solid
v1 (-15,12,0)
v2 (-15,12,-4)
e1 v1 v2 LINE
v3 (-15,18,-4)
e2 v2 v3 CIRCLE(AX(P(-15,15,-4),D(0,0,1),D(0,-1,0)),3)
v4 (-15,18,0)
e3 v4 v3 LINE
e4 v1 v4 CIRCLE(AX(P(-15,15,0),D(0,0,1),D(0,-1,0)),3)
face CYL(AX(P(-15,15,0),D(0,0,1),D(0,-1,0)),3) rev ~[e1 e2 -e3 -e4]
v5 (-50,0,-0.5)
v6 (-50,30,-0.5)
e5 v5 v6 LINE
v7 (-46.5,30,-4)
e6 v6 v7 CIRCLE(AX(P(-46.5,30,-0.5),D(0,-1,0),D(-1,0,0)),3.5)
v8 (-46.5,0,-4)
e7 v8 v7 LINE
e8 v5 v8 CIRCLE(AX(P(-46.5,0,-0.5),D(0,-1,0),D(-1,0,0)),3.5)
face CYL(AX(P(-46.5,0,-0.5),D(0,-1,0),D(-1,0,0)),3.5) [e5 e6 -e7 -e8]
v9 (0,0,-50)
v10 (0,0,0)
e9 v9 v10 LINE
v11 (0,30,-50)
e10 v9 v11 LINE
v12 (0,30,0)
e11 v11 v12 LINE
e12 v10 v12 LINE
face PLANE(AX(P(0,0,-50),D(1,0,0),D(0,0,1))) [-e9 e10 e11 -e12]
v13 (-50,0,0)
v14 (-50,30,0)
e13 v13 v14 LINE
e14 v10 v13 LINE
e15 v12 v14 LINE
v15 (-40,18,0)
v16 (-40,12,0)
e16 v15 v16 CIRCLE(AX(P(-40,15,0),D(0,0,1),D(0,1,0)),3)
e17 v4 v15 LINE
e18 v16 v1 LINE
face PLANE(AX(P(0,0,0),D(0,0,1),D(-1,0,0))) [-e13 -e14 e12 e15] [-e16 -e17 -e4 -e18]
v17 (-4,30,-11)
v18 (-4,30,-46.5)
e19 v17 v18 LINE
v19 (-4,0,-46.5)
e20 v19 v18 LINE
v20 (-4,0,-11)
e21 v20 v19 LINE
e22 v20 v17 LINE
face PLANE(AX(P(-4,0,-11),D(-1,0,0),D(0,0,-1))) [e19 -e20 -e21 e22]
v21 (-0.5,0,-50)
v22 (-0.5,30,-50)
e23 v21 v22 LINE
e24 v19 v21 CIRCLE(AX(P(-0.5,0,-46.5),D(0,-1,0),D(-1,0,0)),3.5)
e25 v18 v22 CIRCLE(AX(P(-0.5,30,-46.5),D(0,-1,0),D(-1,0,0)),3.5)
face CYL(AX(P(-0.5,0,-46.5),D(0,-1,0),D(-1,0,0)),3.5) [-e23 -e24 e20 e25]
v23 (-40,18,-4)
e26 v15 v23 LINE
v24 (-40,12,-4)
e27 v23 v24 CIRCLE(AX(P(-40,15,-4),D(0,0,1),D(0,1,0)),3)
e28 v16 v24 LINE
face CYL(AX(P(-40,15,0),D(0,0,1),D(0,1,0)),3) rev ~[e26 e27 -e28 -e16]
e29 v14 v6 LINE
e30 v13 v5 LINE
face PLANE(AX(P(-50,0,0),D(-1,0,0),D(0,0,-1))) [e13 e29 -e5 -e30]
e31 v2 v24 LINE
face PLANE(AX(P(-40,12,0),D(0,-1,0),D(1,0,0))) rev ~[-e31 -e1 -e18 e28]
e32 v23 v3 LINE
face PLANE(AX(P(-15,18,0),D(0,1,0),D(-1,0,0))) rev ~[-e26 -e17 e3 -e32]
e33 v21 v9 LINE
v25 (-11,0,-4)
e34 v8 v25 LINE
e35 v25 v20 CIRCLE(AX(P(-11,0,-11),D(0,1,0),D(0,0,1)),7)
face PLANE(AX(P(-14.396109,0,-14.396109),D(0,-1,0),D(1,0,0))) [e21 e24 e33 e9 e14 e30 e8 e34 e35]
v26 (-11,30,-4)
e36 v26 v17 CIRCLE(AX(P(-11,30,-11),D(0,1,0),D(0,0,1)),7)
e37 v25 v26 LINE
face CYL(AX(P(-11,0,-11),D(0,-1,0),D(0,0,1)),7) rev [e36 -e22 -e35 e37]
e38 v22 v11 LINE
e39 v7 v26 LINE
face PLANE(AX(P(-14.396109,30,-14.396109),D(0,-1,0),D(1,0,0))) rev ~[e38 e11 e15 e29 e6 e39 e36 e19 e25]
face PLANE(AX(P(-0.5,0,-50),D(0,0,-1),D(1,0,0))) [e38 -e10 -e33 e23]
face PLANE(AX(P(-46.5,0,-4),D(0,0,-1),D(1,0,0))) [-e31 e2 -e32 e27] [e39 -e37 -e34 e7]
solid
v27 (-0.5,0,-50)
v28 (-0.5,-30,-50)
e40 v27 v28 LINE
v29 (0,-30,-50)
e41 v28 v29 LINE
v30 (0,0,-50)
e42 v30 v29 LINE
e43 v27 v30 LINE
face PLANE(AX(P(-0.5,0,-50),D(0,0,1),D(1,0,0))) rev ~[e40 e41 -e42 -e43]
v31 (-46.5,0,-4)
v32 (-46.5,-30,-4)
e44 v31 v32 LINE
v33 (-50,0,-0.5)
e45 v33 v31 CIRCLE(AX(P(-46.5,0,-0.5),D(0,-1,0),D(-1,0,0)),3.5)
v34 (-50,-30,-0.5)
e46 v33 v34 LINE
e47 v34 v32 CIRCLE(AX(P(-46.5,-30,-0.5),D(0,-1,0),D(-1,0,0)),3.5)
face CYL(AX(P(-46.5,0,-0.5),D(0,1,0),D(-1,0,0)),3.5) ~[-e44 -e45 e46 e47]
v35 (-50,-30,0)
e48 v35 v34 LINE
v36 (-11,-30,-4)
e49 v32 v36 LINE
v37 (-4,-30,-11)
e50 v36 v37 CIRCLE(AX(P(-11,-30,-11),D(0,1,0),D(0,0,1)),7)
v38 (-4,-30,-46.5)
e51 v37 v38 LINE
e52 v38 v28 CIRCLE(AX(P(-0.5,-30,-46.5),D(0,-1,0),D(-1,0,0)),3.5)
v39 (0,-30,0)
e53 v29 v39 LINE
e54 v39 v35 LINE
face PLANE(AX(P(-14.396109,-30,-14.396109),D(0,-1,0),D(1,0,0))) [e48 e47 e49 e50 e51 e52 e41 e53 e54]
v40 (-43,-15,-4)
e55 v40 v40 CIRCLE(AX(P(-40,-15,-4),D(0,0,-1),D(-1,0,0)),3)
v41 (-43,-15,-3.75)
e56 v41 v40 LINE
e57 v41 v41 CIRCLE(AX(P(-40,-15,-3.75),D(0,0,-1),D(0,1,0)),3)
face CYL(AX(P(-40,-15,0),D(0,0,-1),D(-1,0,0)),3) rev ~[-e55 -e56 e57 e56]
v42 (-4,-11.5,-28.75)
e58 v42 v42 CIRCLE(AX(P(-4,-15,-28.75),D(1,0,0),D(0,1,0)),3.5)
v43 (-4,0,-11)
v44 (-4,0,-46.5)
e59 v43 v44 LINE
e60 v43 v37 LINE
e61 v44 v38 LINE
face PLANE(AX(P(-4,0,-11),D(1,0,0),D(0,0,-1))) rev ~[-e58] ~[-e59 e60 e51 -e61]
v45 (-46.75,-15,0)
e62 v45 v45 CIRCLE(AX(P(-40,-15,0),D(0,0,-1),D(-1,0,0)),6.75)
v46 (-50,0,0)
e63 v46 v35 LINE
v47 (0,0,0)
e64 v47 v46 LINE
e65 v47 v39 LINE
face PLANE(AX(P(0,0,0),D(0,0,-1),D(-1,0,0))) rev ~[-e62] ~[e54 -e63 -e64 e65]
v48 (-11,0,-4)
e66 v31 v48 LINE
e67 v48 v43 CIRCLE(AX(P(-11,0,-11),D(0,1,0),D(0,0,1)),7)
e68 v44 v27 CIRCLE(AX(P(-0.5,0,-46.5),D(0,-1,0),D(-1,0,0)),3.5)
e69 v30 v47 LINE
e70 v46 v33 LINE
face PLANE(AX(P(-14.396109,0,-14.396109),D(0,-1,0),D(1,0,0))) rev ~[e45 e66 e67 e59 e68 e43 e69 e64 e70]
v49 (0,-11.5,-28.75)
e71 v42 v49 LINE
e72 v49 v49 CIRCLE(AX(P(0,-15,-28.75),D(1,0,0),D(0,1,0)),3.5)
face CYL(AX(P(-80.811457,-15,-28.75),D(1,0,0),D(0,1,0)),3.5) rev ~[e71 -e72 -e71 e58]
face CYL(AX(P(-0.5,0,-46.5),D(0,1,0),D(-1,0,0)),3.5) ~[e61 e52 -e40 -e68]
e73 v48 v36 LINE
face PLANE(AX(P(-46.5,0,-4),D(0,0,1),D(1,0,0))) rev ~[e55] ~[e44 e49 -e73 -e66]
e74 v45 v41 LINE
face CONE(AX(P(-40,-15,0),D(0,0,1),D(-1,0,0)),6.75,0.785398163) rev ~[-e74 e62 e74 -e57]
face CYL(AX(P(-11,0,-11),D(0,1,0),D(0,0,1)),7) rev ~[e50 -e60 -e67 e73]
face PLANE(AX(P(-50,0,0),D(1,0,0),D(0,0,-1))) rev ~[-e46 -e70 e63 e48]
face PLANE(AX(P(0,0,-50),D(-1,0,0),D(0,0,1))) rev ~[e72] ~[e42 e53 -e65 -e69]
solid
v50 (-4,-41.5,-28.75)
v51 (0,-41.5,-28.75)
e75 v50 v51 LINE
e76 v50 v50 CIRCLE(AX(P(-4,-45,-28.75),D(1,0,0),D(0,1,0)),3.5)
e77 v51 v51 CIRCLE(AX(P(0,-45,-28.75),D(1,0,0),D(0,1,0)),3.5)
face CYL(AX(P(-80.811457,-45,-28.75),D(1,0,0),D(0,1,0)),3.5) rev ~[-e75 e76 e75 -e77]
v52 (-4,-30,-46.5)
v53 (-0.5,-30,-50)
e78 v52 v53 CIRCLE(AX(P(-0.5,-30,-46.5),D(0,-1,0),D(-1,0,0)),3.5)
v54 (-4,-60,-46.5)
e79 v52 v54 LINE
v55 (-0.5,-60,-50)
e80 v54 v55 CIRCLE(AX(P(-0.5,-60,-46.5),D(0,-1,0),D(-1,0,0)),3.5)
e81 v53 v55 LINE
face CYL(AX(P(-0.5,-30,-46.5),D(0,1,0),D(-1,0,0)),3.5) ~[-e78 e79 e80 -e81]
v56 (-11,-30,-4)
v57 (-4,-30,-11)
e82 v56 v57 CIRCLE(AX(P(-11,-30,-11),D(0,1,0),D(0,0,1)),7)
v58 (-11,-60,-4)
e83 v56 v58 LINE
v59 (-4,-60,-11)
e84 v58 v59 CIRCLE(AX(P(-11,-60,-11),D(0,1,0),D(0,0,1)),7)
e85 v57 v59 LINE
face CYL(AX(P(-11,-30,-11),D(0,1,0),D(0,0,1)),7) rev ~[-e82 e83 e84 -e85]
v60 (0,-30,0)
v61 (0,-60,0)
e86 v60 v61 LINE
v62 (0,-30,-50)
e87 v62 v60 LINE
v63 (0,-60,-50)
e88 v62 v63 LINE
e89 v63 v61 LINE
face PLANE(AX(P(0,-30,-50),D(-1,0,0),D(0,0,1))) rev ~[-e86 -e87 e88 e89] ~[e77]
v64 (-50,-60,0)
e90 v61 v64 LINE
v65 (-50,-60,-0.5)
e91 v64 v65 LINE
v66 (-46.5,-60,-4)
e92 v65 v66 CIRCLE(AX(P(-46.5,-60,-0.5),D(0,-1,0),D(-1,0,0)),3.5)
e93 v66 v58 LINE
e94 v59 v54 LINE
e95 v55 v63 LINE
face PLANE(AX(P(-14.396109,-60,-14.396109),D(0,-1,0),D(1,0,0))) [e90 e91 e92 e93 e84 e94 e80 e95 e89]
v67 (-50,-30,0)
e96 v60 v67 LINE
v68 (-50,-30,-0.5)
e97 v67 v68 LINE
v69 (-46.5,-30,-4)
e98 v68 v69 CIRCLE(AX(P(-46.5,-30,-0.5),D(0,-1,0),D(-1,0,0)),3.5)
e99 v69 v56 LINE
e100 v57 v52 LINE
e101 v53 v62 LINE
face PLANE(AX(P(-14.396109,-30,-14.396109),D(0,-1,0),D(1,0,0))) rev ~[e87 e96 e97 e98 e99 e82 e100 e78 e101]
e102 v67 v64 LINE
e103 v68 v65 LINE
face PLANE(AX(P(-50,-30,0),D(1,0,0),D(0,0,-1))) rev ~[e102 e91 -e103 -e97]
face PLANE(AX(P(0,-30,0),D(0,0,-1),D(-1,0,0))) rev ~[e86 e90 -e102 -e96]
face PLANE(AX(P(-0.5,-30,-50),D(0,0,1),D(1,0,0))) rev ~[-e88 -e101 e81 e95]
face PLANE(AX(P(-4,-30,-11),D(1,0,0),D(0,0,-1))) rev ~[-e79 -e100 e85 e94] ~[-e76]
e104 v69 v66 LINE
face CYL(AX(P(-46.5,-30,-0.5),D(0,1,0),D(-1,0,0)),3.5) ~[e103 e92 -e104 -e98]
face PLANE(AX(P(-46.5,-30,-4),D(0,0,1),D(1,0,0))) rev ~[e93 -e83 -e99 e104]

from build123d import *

# Parameters (mm, degrees)
F1_DEPTH       = 30
F3_D           = 7
F5_D           = 6
F5_CSINK_D     = 13.5
F5_CSINK_ANGLE = 90
F6_DEPTH       = 30
F8_DEPTH       = 50.001
F9_DEPTH       = 30
F11_D          = 7


with BuildPart() as f1:
    # F0 (on Front) → F1 (new body)
    with BuildSketch(Plane.XZ):
        with BuildLine():
            Line((0, -50), (0, 0))
            Line((0, 0), (-50, 0))
            Line((-50, 0), (-50, -0.5))
            ThreePointArc((-50, -0.5), (-48.9748737342, -2.9748737342), (-46.5, -4))
            Line((-46.5, -4), (-11, -4))
            ThreePointArc((-11, -4), (-6.0502525317, -6.0502525317), (-4, -11))
            Line((-4, -11), (-4, -46.5))
            ThreePointArc((-4, -46.5), (-2.9748737342, -48.9748737342), (-0.5, -50))
            Line((-0.5, -50), (0, -50))
        make_face()
    extrude(amount=F1_DEPTH)

    # F3 (through all)
    with Locations(Plane(origin=(-4, 0, 0), x_dir=(0, -1, 0), z_dir=(-1, 0, 0))):
        with Locations((15, -28.75)):
            Hole(F3_D / 2)

    # F5 (through all)
    with Locations(Plane.XY):
        with Locations((-40, -15)):
            CounterSinkHole(F5_D / 2, F5_CSINK_D / 2, counter_sink_angle=F5_CSINK_ANGLE)


with BuildPart() as f6:
    # F0 (on Front) → F6 (new body)
    with BuildSketch(Plane.XZ):
        with BuildLine():
            Line((0, -50), (0, 0))
            Line((0, 0), (-50, 0))
            Line((-50, 0), (-50, -0.5))
            ThreePointArc((-50, -0.5), (-48.9748737342, -2.9748737342), (-46.5, -4))
            Line((-46.5, -4), (-11, -4))
            ThreePointArc((-11, -4), (-6.0502525317, -6.0502525317), (-4, -11))
            Line((-4, -11), (-4, -46.5))
            ThreePointArc((-4, -46.5), (-2.9748737342, -48.9748737342), (-0.5, -50))
            Line((-0.5, -50), (0, -50))
        make_face()
    extrude(amount=-F6_DEPTH)

    # F7 (on face) → F8 (cut, through all)
    with BuildSketch(Plane.XY):
        with BuildLine():
            ThreePointArc((-40, 18), (-43, 15), (-40, 12))
            Line((-40, 12), (-15, 12))
            ThreePointArc((-15, 12), (-12, 15), (-15, 18))
            Line((-15, 18), (-40, 18))
        make_face()
    extrude(amount=-F8_DEPTH, mode=Mode.SUBTRACT)


with BuildPart() as f9:
    # F9 (new): a face of the model
    f9_faces = [f1.part.faces().sort_by_distance(p)[0] for p in [
        (-0.25, -30, -49.2928932188),
    ]]
    extrude(f9_faces, amount=F9_DEPTH)

    # F11 (through all)
    with Locations(Plane(origin=(-4, 0, 0), x_dir=(0, -1, 0), z_dir=(-1, 0, 0))):
        with Locations((45, -28.75)):
            Hole(F11_D / 2)


solid = Compound([f1.part, f6.part, f9.part])
